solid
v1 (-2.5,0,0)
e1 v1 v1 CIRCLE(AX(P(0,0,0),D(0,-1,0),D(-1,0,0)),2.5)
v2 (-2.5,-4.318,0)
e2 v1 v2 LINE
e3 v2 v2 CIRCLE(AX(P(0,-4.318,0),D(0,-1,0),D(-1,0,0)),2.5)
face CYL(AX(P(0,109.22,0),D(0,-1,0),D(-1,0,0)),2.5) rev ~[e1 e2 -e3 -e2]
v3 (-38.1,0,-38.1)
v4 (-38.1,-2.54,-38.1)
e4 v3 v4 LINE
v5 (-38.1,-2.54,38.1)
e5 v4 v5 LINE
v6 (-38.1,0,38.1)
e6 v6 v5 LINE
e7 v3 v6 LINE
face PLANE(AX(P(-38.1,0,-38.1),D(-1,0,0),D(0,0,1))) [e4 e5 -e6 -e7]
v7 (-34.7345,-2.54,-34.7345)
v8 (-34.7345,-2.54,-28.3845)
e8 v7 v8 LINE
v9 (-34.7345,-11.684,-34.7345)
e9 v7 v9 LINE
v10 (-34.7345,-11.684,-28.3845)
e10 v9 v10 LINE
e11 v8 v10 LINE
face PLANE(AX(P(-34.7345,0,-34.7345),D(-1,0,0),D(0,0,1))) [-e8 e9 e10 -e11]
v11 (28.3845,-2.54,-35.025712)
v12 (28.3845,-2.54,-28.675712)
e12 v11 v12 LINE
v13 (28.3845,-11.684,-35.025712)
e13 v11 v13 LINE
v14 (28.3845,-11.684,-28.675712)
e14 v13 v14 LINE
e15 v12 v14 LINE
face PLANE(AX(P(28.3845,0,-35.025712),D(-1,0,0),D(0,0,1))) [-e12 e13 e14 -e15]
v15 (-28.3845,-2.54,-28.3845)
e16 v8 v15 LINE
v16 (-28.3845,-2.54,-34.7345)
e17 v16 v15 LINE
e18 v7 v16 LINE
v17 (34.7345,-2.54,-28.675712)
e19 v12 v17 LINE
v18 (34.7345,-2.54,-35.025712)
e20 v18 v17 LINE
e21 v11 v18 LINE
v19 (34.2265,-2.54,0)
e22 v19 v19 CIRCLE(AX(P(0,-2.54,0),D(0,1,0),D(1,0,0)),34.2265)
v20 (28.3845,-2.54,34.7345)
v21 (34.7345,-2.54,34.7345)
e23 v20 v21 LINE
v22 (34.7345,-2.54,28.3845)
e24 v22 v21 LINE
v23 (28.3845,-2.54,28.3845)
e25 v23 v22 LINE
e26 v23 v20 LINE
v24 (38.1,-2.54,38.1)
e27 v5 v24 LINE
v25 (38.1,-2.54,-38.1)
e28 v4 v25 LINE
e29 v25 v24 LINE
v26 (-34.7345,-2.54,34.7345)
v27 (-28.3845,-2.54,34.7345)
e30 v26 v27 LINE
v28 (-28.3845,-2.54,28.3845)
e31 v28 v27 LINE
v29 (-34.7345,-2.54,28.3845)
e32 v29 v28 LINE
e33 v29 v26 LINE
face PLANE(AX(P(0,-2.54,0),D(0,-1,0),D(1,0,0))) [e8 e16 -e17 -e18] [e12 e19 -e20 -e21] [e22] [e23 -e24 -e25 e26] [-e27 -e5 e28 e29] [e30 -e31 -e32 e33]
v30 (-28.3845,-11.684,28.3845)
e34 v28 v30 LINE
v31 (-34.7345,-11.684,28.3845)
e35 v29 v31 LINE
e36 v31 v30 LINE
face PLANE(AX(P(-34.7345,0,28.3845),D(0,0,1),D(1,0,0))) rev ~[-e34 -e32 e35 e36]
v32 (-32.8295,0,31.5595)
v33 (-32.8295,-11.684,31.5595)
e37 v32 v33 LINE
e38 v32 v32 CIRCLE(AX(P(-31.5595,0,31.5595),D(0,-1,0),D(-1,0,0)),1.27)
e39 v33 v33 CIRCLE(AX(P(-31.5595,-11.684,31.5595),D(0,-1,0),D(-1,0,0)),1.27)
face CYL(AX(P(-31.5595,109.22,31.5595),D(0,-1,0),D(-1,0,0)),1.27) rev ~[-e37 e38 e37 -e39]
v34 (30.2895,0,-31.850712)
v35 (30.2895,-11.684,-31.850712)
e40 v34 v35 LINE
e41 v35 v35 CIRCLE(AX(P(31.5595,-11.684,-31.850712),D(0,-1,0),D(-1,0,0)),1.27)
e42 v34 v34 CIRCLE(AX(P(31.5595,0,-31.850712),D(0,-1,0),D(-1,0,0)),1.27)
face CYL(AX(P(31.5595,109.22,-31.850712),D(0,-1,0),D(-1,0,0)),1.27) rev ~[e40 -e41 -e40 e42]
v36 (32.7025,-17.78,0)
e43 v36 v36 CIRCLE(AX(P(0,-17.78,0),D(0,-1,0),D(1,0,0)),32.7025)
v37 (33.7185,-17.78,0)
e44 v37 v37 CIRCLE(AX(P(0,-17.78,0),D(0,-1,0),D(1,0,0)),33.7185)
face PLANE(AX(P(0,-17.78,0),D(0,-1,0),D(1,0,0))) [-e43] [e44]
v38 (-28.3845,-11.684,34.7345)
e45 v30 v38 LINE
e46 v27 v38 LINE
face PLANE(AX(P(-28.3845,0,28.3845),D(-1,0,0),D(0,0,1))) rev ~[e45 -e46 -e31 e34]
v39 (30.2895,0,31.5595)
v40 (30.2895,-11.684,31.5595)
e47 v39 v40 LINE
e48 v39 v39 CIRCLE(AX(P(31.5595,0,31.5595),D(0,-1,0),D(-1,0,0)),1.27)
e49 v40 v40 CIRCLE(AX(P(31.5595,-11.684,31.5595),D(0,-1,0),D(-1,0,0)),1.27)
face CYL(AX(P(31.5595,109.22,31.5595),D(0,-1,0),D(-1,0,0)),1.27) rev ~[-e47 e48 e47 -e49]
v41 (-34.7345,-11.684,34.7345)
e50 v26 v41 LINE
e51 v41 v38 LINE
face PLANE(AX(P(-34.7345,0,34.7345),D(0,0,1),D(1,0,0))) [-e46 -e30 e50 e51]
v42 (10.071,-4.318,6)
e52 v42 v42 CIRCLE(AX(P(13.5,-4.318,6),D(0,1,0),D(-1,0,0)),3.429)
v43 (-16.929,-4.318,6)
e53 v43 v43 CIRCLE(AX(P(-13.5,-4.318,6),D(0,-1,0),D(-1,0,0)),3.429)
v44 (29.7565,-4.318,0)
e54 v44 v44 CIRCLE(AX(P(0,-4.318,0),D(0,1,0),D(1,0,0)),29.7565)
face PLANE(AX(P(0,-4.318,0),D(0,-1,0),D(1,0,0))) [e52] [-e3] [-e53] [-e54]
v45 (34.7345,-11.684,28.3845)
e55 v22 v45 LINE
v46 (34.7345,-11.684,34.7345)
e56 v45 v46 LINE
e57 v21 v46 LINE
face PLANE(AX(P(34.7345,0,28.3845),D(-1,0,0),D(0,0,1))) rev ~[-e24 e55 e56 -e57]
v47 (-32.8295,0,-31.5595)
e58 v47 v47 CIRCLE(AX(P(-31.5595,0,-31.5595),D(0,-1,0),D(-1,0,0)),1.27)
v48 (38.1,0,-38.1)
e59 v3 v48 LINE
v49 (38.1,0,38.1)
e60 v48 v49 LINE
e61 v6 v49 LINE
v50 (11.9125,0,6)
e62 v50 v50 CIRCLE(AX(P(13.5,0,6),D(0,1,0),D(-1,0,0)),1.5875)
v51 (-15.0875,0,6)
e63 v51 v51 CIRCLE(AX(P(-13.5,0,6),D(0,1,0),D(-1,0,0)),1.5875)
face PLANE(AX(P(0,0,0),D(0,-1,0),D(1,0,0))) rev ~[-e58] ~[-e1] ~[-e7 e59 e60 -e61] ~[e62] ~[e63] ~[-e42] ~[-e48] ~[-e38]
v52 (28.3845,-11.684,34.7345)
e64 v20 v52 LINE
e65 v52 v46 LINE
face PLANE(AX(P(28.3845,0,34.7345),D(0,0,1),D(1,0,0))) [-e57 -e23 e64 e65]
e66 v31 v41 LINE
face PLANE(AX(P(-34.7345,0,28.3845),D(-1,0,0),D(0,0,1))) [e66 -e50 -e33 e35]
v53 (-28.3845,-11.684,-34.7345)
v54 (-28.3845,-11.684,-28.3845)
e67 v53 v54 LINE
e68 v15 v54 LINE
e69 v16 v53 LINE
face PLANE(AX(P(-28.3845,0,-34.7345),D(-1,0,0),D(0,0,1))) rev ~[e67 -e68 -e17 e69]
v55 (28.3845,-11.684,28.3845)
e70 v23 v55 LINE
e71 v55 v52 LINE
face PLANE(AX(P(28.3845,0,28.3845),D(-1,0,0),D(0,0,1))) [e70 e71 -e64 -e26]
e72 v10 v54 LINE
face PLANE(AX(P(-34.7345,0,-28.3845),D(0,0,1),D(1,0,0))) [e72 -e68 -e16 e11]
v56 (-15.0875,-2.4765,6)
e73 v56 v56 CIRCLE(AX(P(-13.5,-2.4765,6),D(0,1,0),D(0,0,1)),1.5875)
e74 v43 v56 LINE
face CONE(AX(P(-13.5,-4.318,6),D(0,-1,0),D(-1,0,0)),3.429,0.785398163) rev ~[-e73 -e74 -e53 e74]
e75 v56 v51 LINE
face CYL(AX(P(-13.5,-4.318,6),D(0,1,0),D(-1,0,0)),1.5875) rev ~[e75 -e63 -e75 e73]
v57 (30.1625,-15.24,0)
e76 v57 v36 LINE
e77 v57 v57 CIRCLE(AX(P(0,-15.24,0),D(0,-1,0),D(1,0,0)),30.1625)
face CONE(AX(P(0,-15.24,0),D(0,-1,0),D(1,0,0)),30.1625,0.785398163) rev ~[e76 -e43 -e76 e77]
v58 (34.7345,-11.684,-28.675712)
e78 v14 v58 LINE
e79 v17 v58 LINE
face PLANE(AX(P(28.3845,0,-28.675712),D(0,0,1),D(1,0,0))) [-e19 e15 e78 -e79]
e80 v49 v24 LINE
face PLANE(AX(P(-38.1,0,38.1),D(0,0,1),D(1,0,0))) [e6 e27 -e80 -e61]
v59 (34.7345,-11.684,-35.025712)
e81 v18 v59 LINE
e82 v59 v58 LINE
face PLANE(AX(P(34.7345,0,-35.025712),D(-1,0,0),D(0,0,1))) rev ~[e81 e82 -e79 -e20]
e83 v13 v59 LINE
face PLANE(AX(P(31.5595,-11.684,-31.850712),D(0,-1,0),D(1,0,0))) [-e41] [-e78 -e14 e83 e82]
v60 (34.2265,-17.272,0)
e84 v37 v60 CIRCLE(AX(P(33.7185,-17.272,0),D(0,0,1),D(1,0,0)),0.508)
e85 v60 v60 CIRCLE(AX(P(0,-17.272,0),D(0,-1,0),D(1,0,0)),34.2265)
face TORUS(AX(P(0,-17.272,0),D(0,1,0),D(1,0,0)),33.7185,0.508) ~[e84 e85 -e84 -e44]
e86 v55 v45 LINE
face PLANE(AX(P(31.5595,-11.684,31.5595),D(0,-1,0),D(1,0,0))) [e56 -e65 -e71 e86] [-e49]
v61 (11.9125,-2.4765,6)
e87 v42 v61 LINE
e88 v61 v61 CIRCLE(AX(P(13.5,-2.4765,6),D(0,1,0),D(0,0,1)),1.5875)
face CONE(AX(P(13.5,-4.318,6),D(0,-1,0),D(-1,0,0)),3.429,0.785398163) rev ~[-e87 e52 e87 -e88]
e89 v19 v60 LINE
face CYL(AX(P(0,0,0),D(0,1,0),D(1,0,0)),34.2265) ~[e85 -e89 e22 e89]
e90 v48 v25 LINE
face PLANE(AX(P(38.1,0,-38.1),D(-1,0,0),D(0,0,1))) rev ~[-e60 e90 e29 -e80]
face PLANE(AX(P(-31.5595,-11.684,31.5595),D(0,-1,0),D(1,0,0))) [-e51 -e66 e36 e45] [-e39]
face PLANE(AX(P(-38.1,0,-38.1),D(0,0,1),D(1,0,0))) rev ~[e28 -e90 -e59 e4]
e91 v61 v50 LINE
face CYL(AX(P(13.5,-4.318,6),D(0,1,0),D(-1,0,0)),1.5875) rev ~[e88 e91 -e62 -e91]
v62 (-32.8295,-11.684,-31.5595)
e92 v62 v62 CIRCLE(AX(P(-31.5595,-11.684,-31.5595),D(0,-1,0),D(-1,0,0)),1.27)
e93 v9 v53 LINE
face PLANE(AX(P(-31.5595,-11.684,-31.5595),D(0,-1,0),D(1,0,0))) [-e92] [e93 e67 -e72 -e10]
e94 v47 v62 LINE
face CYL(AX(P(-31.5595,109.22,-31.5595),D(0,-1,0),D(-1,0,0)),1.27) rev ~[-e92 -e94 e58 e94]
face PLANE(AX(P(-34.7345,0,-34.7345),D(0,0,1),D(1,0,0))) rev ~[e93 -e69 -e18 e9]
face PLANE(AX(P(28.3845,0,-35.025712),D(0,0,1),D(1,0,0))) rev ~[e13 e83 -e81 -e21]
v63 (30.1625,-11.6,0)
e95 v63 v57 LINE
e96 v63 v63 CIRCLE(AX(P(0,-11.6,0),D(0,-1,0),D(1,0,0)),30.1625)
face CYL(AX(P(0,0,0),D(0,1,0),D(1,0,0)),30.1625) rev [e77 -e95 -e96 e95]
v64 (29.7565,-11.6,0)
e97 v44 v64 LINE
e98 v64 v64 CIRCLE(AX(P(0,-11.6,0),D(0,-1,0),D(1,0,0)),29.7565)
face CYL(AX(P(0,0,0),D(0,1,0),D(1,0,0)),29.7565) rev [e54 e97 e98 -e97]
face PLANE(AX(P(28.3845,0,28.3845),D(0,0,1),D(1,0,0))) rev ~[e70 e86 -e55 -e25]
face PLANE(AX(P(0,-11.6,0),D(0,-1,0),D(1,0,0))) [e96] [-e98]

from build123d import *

# Parameters (mm, degrees)
F0_R           = 30.1625
F1_DEPTH       = 4.318
F2_R           = 34.2265
F2_R_2         = 30.1625
F3_DEPTH       = 17.78
F0_W           = 76.2
F0_H           = 76.2
F0_W_2         = 6.35
F0_H_2         = 6.35
F4_DEPTH       = 2.54
F5_DEPTH       = 11.684
F6_D           = 2.54
F7_D           = 5
F9_D           = 3.175
F9_CSINK_D     = 6.858
F9_CSINK_ANGLE = 90
F10_SIZE       = 2.54
F11_R          = 0.508
F12_R          = 30.1625
F12_R_2        = 29.7565
F13_DEPTH      = 11.6


with BuildPart() as f1:
    # F0 (on Front) → F1 (new body)
    with BuildSketch(Plane.XZ):
        Circle(F0_R)
    extrude(amount=F1_DEPTH)

    # F2 (on Front) → F3 (join)
    with BuildSketch(Plane.XZ):
        Circle(F2_R)
        Circle(F2_R_2, mode=Mode.SUBTRACT)
    extrude(amount=F3_DEPTH)

    # F0 (on Front) → F4 (join)
    with BuildSketch(Plane.XZ):
        Rectangle(F0_W, F0_H)
        with Locations((-31.5595, -31.5595)):
            Rectangle(F0_W_2, F0_H_2, mode=Mode.SUBTRACT)
        with Locations((31.5595, -31.8507122787)):
            Rectangle(F0_W_2, F0_H_2, mode=Mode.SUBTRACT)
        with Locations((-31.5595, 31.5595)):
            Rectangle(F0_W_2, F0_H_2, mode=Mode.SUBTRACT)
        Circle(F0_R, mode=Mode.SUBTRACT)
        with Locations((31.5595, 31.5595)):
            Rectangle(F0_W_2, F0_H_2, mode=Mode.SUBTRACT)
    extrude(amount=F4_DEPTH)

    # F0 (on Front) → F5 (join)
    with BuildSketch(Plane.XZ):
        with Locations((-31.5595, -31.5595)):
            Rectangle(F0_W_2, F0_H_2)
        with Locations((-31.5595, 31.5595)):
            Rectangle(F0_W_2, F0_H_2)
        with Locations((31.5595, 31.5595)):
            Rectangle(F0_W_2, F0_H_2)
        with Locations((31.5595, -31.8507122787)):
            Rectangle(F0_W_2, F0_H_2)
    extrude(amount=F5_DEPTH)

    # F6 (through all)
    with Locations(Plane(origin=(0, 0, 0), x_dir=(1, 0, 0), z_dir=(0, 1, 0))):
        with Locations((-31.5595, -31.5595), (31.5595, -31.5595), (-31.5595, 31.5595), (31.5595, 31.8507122787)):
            Hole(F6_D / 2)

    # F7 (through all)
    with Locations(Plane(origin=(0, 0, 0), x_dir=(1, 0, 0), z_dir=(0, 1, 0))):
        with Locations((0, 0)):
            Hole(F7_D / 2)

    # F9 (through all)
    with Locations(Plane.XZ.offset(4.318)):
        with Locations((-13.5, 6), (13.5, 6)):
            CounterSinkHole(F9_D / 2, F9_CSINK_D / 2, counter_sink_angle=F9_CSINK_ANGLE)

    # F10
    f10_edges = [f1.edges().sort_by_distance(p)[0] for p in [
        (-30.1625, -17.78, 0),
    ]]
    chamfer(f10_edges, length=F10_SIZE)

    # F11
    f11_edges = [f1.edges().sort_by_distance(p)[0] for p in [
        (-34.2265, -17.78, 0),
    ]]
    fillet(f11_edges, radius=F11_R)

    # F12 (on Front) → F13 (join)
    with BuildSketch(Plane.XZ):
        Circle(F12_R)
        Circle(F12_R_2, mode=Mode.SUBTRACT)
    extrude(amount=F13_DEPTH)


solid = f1.part
